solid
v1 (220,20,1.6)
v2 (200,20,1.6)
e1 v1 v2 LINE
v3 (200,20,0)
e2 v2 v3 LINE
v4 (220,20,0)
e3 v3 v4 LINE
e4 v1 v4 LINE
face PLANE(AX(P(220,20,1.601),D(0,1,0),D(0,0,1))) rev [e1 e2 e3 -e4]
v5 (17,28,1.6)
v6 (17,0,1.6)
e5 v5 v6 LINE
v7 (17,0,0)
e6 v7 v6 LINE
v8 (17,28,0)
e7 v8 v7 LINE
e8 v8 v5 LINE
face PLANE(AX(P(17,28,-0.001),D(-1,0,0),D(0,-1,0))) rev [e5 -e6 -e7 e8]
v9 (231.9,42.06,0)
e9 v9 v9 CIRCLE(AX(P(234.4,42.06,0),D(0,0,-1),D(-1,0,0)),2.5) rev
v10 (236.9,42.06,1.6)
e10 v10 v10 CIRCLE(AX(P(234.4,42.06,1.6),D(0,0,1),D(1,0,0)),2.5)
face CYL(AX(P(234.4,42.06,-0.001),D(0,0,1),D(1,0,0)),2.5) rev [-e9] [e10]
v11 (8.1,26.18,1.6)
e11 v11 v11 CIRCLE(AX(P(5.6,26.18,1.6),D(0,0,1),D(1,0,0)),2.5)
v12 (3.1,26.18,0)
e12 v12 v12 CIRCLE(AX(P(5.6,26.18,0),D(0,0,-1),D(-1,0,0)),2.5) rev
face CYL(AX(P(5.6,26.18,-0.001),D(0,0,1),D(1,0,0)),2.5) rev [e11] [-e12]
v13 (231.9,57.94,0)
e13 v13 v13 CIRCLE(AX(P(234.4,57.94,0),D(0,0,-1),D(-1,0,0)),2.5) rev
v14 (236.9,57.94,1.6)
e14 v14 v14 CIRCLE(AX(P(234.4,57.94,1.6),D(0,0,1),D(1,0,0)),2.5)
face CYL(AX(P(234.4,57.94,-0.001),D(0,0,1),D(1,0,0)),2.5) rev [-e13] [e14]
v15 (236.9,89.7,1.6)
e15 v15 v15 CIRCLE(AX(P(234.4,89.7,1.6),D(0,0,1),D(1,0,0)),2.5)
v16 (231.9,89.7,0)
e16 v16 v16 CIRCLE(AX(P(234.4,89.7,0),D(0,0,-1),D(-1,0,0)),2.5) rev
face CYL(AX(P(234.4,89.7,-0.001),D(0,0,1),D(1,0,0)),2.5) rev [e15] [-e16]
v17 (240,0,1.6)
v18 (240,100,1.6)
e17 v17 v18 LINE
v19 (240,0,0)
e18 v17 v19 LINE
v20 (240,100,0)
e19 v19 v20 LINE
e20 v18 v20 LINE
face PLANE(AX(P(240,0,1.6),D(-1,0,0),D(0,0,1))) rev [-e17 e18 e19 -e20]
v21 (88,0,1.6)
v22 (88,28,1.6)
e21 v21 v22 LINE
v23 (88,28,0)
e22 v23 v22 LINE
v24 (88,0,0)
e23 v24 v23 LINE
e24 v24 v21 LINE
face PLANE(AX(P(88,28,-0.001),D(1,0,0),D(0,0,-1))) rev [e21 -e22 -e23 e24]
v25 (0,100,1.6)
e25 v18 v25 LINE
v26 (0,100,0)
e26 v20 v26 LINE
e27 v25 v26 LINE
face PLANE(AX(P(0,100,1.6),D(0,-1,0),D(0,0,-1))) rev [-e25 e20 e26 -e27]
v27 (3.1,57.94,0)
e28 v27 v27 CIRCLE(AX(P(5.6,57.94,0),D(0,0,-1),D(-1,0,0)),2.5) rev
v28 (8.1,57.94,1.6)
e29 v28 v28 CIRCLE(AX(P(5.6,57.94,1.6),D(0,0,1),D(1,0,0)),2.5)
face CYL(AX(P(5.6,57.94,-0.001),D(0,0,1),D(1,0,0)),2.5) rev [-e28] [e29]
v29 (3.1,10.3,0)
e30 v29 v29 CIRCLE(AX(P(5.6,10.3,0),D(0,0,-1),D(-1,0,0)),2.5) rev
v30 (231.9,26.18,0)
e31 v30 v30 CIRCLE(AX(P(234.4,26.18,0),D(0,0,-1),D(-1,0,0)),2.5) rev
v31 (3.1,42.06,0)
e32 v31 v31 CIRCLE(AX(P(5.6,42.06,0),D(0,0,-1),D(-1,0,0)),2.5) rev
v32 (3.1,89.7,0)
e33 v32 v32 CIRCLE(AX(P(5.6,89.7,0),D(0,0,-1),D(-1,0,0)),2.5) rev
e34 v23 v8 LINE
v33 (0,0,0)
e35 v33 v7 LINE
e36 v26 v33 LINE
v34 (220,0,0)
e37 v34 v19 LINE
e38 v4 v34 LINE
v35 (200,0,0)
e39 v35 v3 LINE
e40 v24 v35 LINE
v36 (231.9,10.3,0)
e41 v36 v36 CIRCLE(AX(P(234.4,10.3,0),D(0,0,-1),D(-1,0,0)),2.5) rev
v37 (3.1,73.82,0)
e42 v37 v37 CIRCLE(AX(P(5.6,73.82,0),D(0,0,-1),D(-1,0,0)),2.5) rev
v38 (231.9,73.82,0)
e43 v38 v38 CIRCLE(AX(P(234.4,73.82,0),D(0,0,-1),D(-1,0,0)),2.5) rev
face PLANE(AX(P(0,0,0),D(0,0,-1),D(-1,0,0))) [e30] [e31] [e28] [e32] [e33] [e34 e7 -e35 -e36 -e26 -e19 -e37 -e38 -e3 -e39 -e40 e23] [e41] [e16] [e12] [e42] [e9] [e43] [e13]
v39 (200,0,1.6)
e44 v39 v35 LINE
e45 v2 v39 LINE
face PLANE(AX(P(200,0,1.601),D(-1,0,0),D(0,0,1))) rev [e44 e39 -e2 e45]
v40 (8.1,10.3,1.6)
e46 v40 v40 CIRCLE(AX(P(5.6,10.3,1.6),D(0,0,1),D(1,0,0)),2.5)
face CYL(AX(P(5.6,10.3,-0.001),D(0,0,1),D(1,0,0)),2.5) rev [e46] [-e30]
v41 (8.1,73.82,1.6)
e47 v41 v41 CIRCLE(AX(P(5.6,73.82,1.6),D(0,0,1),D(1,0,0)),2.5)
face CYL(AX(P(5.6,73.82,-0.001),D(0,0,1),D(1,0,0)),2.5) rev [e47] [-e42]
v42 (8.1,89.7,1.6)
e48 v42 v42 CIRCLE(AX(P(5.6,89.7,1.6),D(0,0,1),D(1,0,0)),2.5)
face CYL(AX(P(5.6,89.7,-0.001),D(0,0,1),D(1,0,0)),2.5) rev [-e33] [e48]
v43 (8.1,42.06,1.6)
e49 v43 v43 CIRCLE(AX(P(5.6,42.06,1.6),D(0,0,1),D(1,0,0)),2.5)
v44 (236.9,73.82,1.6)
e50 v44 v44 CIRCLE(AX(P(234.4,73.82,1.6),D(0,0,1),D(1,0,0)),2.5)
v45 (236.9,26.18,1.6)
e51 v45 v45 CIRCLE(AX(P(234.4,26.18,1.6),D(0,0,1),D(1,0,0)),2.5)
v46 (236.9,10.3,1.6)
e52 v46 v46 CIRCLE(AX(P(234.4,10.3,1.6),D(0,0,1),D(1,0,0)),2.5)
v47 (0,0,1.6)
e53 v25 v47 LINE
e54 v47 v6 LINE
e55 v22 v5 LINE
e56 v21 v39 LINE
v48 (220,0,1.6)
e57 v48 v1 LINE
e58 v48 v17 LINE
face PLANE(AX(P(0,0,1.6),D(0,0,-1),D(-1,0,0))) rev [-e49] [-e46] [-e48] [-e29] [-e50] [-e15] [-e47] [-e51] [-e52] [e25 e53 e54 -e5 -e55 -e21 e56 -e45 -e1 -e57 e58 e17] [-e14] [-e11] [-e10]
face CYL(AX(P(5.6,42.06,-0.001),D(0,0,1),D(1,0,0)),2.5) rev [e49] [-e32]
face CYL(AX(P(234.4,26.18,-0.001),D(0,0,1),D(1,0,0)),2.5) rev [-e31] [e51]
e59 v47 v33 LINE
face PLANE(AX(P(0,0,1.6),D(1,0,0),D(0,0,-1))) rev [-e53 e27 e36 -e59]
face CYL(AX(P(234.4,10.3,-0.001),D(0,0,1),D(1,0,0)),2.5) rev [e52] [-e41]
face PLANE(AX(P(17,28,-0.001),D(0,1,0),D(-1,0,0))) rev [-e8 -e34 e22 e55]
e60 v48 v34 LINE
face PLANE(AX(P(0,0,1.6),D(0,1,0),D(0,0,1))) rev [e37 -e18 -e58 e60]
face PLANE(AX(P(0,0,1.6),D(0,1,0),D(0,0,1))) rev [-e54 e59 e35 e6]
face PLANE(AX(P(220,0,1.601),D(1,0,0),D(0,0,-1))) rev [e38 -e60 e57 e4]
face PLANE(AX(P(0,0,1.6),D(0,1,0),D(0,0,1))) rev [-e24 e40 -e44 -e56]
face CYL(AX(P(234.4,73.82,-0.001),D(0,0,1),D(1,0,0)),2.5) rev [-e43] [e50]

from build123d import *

# Parameters (mm, degrees)
SKETCH1_W           = 240
SKETCH1_H           = 100
BOSS_EXTRUDE1_DEPTH = 1.6
CUT_EXTRUDE1_REACH  = 262.005
SKETCH2_R           = 2.5
LPATTERN1_COUNT     = 6
LPATTERN1_PITCH     = 15.88
CUT_EXTRUDE2_REACH  = 262.005
SKETCH3_W           = 71
SKETCH3_H           = 28
CUT_EXTRUDE3_REACH  = 262.005
SKETCH4_W           = 20
SKETCH4_H           = 20


with BuildPart() as part:
    # Sketch1 → Boss-Extrude1 (new body)
    with BuildSketch(Plane.XY):
        with Locations((120, 50)):
            Rectangle(SKETCH1_W, SKETCH1_H)
    extrude(amount=BOSS_EXTRUDE1_DEPTH)

    # Sketch2 → Cut-Extrude1 (cut, up to next)
    with BuildSketch(Plane.XY.offset(1.6), mode=Mode.PRIVATE) as cut_extrude1_sk1:
        with Locations((5.6, 10.3)):
            Circle(SKETCH2_R)
    cut_extrude1_tool1 = extrude(cut_extrude1_sk1.sketch, amount=-CUT_EXTRUDE1_REACH, mode=Mode.PRIVATE) & part.part
    # Sketch2 → Cut-Extrude1 (cut, up to next)
    with BuildSketch(Plane.XY.offset(1.6), mode=Mode.PRIVATE) as cut_extrude1_sk2:
        with Locations((234.4, 10.3)):
            Circle(SKETCH2_R)
    cut_extrude1_tool2 = extrude(cut_extrude1_sk2.sketch, amount=-CUT_EXTRUDE1_REACH, mode=Mode.PRIVATE) & part.part
    cut_extrude1_1 = cut_extrude1_tool1.solids().sort_by_distance((5.6, 10.3, 1.6))[0]
    add(cut_extrude1_1, mode=Mode.SUBTRACT)
    cut_extrude1_2 = cut_extrude1_tool2.solids().sort_by_distance((234.4, 10.3, 1.6))[0]
    add(cut_extrude1_2, mode=Mode.SUBTRACT)
    cut_extrude1 = cut_extrude1_1 + cut_extrude1_2  # Cut-Extrude1 as one shape, for the pattern or mirror that repeats it

    # LPattern1: Cut-Extrude1 ×6
    with Locations(*[(0, i * LPATTERN1_PITCH, 0) for i in range(1, LPATTERN1_COUNT)]):
        add(cut_extrude1, mode=Mode.SUBTRACT)

    # Sketch3 → Cut-Extrude2 (cut, up to next)
    with BuildSketch(Plane.XY.offset(1.6), mode=Mode.PRIVATE) as cut_extrude2_sk1:
        with Locations((52.5, 14)):
            Rectangle(SKETCH3_W, SKETCH3_H)
    cut_extrude2_tool1 = extrude(cut_extrude2_sk1.sketch, amount=-CUT_EXTRUDE2_REACH, mode=Mode.PRIVATE) & part.part
    add(cut_extrude2_tool1.solids().sort_by_distance((52.5, 14, 1.6))[0], mode=Mode.SUBTRACT)

    # Sketch4 → Cut-Extrude3 (cut, up to next)
    with BuildSketch(Plane(origin=(0, 0, 0), x_dir=(-1, 0, 0), z_dir=(0, 0, -1)), mode=Mode.PRIVATE) as cut_extrude3_sk1:
        with Locations((-210, 10)):
            Rectangle(SKETCH4_W, SKETCH4_H)
    cut_extrude3_tool1 = extrude(cut_extrude3_sk1.sketch, amount=-CUT_EXTRUDE3_REACH, mode=Mode.PRIVATE) & part.part
    add(cut_extrude3_tool1.solids().sort_by_distance((210, 10, 0))[0], mode=Mode.SUBTRACT)


solid = part.part
